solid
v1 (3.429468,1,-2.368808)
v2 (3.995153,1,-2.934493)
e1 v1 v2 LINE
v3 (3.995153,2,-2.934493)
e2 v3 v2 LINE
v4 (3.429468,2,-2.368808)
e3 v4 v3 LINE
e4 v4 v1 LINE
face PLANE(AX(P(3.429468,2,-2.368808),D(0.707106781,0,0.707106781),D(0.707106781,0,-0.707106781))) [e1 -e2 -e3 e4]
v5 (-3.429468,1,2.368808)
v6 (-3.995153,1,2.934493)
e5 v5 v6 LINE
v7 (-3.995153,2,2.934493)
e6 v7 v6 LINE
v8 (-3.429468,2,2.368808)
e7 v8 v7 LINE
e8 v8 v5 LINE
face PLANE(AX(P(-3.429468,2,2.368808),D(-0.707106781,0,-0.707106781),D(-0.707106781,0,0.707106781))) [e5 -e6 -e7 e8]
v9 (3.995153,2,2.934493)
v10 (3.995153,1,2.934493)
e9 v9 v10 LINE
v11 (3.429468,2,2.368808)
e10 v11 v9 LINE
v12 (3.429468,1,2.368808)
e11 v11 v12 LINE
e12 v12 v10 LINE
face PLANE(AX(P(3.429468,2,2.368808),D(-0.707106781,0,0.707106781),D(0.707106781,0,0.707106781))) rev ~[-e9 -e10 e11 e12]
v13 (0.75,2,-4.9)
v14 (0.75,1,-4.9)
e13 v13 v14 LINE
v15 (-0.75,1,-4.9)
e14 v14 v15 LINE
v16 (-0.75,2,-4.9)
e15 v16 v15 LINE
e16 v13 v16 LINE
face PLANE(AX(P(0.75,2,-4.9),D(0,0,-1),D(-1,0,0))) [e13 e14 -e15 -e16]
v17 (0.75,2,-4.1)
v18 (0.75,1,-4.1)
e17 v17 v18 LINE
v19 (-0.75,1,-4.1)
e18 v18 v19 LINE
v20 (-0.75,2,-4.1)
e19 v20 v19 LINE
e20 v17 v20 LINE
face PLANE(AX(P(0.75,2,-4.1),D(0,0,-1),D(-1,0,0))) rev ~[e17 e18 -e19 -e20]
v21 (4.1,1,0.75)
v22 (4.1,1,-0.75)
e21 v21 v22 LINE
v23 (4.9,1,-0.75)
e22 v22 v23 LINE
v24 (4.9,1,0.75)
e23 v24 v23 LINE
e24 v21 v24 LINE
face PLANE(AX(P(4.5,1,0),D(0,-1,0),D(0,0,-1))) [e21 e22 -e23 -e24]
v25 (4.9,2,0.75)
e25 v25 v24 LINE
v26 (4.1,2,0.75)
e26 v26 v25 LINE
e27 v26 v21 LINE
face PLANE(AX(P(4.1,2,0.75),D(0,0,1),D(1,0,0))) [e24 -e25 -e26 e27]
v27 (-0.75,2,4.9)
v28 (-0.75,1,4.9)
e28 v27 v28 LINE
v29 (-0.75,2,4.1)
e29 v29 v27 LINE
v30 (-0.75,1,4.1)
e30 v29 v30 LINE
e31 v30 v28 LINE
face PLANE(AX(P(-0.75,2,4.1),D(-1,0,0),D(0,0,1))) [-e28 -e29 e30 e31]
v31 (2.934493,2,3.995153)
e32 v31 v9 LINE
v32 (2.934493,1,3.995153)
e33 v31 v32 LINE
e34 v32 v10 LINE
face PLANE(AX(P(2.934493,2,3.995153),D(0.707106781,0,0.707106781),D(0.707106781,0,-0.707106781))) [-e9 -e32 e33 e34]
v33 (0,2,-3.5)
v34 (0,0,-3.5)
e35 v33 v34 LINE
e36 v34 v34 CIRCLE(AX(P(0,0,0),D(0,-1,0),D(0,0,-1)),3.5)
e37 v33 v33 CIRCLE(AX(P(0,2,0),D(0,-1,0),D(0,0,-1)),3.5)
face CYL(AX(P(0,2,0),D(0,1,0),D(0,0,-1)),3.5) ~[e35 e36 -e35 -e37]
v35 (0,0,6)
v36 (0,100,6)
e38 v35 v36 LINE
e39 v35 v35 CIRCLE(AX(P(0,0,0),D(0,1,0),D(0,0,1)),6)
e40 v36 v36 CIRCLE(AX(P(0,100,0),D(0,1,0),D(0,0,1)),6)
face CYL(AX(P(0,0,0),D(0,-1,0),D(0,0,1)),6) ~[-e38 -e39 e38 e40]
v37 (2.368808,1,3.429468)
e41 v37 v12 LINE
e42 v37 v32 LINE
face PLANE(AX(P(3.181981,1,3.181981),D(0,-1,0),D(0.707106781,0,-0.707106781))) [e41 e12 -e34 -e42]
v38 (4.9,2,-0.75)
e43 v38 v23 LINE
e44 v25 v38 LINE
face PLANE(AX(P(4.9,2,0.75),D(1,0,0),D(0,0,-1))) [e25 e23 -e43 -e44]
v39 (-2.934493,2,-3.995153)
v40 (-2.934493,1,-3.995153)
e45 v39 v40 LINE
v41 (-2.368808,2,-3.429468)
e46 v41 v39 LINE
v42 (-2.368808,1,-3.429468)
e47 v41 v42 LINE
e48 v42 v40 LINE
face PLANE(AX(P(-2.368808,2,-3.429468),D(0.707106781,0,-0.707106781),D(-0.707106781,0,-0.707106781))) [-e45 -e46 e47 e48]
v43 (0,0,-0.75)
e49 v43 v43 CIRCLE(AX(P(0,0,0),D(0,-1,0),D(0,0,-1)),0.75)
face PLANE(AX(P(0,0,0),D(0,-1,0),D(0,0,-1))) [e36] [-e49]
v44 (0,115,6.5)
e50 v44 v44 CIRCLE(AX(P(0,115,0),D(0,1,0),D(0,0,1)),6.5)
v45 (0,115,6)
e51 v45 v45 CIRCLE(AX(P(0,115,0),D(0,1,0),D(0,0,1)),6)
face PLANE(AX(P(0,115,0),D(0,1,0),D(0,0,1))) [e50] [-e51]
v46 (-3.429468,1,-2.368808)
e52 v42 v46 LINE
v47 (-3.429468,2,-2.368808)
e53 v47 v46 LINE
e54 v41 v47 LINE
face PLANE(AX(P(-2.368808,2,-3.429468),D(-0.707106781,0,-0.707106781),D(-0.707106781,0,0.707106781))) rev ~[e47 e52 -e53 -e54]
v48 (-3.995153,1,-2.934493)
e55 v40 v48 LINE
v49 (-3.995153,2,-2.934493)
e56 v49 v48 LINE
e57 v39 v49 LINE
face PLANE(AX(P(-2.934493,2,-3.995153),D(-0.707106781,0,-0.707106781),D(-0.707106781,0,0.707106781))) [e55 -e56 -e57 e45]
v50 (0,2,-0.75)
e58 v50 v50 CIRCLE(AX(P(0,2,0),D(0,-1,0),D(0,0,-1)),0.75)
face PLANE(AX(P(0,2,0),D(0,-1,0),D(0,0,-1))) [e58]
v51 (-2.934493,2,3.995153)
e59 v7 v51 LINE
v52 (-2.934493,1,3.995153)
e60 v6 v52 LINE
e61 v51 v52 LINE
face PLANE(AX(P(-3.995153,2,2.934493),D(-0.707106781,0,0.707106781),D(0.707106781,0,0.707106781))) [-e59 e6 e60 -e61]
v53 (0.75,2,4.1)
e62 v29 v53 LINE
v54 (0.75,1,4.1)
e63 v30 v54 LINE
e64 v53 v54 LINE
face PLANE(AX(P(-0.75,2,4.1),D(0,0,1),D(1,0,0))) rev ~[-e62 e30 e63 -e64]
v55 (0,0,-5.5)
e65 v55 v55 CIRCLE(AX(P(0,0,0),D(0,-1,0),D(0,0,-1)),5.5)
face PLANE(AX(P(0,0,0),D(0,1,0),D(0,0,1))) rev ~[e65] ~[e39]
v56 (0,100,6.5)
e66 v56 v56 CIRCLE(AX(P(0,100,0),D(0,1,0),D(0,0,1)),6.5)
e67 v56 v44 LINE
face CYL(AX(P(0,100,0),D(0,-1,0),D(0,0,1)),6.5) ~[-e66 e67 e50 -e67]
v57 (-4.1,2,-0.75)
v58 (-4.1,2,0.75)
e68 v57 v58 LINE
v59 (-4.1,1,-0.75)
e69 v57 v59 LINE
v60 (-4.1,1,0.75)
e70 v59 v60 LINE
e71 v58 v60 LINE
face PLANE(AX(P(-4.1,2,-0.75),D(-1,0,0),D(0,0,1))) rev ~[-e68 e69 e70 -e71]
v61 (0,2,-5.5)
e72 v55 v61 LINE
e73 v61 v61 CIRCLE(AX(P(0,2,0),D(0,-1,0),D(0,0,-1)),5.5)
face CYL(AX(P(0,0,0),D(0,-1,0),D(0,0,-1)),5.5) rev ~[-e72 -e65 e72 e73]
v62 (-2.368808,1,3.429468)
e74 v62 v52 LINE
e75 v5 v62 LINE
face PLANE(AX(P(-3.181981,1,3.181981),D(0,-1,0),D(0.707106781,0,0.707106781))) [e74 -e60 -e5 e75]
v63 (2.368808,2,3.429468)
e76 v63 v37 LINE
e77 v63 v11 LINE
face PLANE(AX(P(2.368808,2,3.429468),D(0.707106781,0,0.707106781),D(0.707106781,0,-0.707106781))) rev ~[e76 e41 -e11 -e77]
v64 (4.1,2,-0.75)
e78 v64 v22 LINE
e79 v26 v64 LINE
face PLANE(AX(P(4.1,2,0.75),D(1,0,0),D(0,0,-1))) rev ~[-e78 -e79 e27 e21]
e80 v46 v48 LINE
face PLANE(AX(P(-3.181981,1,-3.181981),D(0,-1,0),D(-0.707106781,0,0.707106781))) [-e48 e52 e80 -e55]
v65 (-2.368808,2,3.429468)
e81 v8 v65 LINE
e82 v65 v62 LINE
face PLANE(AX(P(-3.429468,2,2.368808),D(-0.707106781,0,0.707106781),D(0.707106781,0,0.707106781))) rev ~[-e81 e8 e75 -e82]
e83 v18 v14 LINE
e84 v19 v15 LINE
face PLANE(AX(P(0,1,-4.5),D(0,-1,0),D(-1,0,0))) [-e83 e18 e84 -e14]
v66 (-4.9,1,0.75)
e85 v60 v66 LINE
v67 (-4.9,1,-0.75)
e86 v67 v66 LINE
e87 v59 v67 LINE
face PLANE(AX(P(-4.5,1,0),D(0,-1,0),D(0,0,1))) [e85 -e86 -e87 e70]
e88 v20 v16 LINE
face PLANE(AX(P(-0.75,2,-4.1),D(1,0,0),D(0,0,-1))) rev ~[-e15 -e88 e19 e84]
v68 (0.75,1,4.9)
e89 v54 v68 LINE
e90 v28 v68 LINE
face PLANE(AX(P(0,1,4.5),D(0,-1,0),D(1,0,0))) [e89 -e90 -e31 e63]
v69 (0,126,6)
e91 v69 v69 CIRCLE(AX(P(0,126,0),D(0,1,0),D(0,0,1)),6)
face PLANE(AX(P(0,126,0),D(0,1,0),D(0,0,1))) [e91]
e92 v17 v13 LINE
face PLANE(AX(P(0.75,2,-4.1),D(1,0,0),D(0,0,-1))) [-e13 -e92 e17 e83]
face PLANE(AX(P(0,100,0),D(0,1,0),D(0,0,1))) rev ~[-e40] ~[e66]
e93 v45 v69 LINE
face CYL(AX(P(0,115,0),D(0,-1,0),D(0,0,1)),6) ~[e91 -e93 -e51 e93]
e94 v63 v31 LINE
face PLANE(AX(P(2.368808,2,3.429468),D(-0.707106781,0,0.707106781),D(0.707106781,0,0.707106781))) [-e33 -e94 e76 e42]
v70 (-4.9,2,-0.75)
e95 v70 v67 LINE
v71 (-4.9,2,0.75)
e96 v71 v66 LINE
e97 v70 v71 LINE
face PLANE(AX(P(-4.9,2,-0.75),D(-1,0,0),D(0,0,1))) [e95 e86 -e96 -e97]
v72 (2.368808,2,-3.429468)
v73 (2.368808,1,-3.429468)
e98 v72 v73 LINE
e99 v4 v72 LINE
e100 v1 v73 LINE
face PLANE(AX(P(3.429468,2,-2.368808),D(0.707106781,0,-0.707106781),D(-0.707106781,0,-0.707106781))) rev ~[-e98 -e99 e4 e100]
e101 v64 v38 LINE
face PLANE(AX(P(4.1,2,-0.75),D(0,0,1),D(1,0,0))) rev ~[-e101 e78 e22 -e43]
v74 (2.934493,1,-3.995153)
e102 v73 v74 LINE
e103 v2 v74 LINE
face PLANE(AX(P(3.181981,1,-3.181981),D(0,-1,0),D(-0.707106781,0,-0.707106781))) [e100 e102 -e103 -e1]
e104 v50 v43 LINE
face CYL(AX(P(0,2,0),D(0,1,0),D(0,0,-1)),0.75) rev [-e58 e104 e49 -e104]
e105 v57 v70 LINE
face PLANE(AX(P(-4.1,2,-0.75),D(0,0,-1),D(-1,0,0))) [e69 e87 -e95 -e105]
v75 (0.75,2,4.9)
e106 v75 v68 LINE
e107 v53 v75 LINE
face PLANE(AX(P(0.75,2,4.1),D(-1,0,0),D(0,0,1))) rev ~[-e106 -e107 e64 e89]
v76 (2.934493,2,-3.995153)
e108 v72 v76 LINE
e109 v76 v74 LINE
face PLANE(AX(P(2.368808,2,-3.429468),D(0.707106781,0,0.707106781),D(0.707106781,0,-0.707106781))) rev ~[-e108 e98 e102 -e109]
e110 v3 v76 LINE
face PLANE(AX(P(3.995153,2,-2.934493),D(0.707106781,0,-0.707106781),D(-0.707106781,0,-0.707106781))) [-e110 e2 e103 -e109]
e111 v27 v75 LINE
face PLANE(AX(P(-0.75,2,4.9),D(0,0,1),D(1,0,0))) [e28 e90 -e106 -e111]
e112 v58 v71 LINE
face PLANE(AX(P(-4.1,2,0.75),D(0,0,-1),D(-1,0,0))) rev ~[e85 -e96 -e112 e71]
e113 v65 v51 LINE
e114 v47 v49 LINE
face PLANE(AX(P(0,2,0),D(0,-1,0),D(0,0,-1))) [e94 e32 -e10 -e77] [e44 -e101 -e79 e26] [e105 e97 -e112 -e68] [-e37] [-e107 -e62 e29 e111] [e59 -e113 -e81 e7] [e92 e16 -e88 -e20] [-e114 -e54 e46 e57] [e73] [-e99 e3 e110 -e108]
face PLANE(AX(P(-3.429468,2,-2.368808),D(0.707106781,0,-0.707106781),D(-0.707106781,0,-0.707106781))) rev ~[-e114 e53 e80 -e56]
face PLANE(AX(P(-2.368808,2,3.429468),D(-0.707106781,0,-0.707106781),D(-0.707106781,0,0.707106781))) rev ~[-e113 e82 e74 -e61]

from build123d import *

# Parameters (mm, degrees)
SKETCH_1_R               = 6
EXTRUDE_1015_DEPTH       = 100
SKETCH_2_R               = 6.5
EXTRUDE_2_DEPTH          = 15
SKETCH_3_R               = 6
EXTRUDE_3_DEPTH          = 11
SKETCH_4_R               = 5.5
CUT_EXTRUDE_1_DEPTH      = 2
SKETCH_5_R               = 3.5
SKETCH_5_R_2             = 0.75
EXTRUDE_1402_DEPTH       = 2
SKETCH_6_W               = 1.5
SKETCH_6_H               = 0.8
EXTRUDE_1605_DEPTH       = 1
PATTERN_CIRCULAR_1_COUNT = 8


with BuildPart() as part:
    # Эскиз1 → Extrude 1015 (new body)
    with BuildSketch(Plane(origin=(0, 0, 0), x_dir=(1, 0, 0), z_dir=(0, 1, 0))):
        with Locations(Location((0, 0, 0), (0, 0, 270))):
            Circle(SKETCH_1_R)
    extrude(amount=EXTRUDE_1015_DEPTH)

    # Эскиз2 → Бобышка-Вытянуть2 (add)
    with BuildSketch(Plane(origin=(0, 100, 0), x_dir=(1, 0, 0), z_dir=(0, 1, 0))):
        with Locations(Location((0, 0, 0), (0, 0, 270))):
            Circle(SKETCH_2_R)
    extrude(amount=EXTRUDE_2_DEPTH)

    # Эскиз3 → Бобышка-Вытянуть3 (add)
    with BuildSketch(Plane(origin=(0, 115, 0), x_dir=(1, 0, 0), z_dir=(0, 1, 0))):
        with Locations(Location((0, 0, 0), (0, 0, 270))):
            Circle(SKETCH_3_R)
    extrude(amount=EXTRUDE_3_DEPTH)

    # Эскиз4 → Вырез-Вытянуть1 (cut)
    with BuildSketch(Plane.XZ):
        with Locations(Location((0, 0, 0), (0, 0, 270))):
            Circle(SKETCH_4_R)
    extrude(amount=-CUT_EXTRUDE_1_DEPTH, mode=Mode.SUBTRACT)

    # Эскиз5 → Extrude 1402 (add)
    with BuildSketch(Plane.XZ.offset(-2)):
        with Locations(Location((0, 0, 0), (0, 0, 270))):
            Circle(SKETCH_5_R)
        with Locations(Location((0, 0, 0), (0, 0, 270))):
            Circle(SKETCH_5_R_2, mode=Mode.SUBTRACT)
    extrude(amount=EXTRUDE_1402_DEPTH)

    # Эскиз6 → Extrude 1605 (add)
    with BuildSketch(Plane.XZ.offset(-2)):
        with Locations((0, 4.5)):
            Rectangle(SKETCH_6_W, SKETCH_6_H)
    extrude_1605 = extrude(amount=EXTRUDE_1605_DEPTH)

    # Круговой массив1: Extrude 1605 ×8 about axis
    pattern_circular_1_axis = Axis((0, 0, 0), (0, 1, 0))
    for i in range(1, PATTERN_CIRCULAR_1_COUNT):
        add(extrude_1605.rotate(pattern_circular_1_axis, i * 360 / PATTERN_CIRCULAR_1_COUNT))


solid = part.part
